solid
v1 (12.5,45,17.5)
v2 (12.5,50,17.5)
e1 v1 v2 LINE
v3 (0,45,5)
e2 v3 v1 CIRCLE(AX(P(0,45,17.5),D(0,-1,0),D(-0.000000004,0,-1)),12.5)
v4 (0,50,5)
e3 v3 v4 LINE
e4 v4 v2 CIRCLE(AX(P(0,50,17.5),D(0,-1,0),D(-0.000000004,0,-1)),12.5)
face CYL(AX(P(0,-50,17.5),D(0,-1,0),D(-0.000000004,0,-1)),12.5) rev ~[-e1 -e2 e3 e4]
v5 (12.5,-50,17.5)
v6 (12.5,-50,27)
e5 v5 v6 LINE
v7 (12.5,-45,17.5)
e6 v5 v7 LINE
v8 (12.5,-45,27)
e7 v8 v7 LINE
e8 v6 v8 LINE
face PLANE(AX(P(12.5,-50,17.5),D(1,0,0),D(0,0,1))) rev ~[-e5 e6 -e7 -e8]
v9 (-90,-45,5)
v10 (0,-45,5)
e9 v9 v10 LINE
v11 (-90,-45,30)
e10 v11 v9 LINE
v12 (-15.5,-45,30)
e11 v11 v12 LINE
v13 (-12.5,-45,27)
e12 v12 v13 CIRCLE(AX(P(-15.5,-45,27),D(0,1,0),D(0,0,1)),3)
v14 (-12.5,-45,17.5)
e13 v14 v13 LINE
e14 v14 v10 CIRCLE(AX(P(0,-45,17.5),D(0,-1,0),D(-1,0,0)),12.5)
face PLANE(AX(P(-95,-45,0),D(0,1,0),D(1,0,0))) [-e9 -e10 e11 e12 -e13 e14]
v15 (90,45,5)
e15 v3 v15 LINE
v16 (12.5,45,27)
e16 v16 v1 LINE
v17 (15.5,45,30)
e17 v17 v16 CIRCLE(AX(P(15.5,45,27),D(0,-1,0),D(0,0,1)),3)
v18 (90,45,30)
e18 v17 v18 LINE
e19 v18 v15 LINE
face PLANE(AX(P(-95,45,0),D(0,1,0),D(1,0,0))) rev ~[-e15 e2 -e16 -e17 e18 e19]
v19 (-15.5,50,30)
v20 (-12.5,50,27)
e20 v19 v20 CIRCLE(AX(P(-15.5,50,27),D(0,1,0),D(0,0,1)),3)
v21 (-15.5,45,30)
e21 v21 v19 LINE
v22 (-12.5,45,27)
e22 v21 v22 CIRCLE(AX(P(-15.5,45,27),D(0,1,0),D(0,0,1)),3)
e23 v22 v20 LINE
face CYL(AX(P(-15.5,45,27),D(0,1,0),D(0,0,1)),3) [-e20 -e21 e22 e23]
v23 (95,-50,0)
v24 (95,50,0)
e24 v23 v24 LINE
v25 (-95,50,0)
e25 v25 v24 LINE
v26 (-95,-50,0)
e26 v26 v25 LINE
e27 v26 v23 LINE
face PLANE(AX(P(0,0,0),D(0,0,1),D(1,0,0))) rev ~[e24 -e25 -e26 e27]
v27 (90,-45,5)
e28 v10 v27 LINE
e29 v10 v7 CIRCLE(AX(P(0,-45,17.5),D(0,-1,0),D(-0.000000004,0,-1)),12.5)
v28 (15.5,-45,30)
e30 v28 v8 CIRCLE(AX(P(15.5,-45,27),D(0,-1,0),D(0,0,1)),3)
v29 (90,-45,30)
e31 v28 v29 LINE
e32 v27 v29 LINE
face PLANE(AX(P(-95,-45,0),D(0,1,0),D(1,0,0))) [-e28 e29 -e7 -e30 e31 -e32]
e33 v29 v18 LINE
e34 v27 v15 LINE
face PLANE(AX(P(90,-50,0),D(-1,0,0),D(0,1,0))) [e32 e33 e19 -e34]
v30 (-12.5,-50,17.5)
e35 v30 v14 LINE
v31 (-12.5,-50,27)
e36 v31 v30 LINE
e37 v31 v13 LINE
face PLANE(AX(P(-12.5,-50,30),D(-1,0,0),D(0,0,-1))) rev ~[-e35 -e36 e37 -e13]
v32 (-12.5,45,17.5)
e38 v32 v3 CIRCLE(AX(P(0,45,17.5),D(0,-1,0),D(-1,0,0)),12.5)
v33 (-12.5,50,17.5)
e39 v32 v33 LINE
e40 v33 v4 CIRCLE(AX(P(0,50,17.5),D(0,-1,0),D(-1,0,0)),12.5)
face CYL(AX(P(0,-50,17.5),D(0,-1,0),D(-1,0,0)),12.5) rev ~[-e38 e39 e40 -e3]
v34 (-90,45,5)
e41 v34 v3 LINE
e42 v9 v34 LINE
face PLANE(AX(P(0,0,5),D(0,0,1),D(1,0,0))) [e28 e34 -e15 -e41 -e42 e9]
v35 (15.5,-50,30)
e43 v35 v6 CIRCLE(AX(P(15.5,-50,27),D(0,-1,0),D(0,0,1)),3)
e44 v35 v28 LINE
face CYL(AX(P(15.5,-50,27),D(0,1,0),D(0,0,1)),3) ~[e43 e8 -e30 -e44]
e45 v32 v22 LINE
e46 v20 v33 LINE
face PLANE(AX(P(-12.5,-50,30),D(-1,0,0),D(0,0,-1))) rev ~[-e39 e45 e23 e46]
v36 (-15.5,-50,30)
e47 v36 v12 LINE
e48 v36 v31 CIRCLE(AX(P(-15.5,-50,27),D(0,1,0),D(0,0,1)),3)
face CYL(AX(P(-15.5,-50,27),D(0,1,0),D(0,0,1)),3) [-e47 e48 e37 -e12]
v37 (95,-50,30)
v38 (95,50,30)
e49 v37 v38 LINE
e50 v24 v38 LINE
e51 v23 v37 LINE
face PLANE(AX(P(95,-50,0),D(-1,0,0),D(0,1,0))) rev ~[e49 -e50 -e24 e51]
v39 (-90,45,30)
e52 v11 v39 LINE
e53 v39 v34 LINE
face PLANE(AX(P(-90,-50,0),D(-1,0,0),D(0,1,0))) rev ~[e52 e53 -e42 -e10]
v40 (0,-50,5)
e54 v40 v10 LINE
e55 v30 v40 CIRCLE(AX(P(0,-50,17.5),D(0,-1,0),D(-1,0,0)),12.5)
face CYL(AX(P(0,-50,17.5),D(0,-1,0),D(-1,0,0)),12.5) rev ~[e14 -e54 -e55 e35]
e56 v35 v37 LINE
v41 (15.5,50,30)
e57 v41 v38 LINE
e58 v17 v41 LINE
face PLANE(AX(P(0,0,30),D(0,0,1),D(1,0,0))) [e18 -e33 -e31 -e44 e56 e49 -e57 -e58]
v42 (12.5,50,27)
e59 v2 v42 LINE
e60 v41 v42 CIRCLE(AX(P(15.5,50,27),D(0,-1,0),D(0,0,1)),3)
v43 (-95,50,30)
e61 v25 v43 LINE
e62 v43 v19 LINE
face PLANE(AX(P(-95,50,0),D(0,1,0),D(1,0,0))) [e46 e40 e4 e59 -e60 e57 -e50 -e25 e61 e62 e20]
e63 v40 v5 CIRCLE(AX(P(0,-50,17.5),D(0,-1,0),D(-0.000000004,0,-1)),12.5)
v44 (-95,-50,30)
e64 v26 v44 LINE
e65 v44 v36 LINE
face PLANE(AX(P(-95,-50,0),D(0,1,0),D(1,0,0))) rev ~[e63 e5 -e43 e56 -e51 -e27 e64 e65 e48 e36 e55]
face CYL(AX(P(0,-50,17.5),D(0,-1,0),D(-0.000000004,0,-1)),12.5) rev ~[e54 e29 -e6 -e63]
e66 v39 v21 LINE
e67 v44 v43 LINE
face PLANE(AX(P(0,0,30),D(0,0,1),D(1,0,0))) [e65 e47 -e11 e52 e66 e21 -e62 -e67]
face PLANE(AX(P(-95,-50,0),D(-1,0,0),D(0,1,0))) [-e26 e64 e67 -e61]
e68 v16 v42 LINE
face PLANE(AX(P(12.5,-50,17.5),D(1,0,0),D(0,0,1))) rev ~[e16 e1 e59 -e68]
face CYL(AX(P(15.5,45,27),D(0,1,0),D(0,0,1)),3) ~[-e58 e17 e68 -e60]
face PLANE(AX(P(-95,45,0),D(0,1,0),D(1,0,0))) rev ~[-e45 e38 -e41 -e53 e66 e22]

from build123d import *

# Parameters (mm, degrees)
F0_W     = 190
F0_H     = 100
F1_DEPTH = 30
F2_T     = -5
F4_DEPTH = 100
F5_R     = 3


with BuildPart() as f1:
    # F0 (on Top) → F1 (new body)
    with BuildSketch(Plane.XY):
        Rectangle(F0_W, F0_H)
    extrude(amount=F1_DEPTH)

    # F2
    f2_openings = [f1.faces().sort_by_distance(p)[0] for p in [
        (0, 0, 30),
    ]]
    offset(amount=F2_T, openings=f2_openings)

    # F3 (on face) → F4 (cut, through all)
    with BuildSketch(Plane.XZ.offset(50)):
        with BuildLine():
            ThreePointArc((-5.1e-08, 5), (8.8388347468, 8.6611652172), (12.5, 17.5))
            Line((12.5, 17.5), (-12.5, 17.5))
            ThreePointArc((-12.5, 17.5), (-8.8388347828, 8.6611652532), (-5.1e-08, 5))
        make_face()
        with BuildLine():
            ThreePointArc((-12.5, 17.5), (-8.8388347699, 26.3388347597), (-1.44e-08, 30))
            Line((-1.44e-08, 30), (-12.5, 30))
            Line((-12.5, 30), (-12.5, 17.5))
        make_face()
        with BuildLine():
            Line((-12.5, 17.5), (12.5, 17.5))
            ThreePointArc((12.5, 17.5), (8.8388347597, 26.3388347699), (-1.44e-08, 30))
            ThreePointArc((-1.44e-08, 30), (-8.8388347699, 26.3388347597), (-12.5, 17.5))
        make_face()
        with BuildLine():
            ThreePointArc((-1.44e-08, 30), (8.8388347597, 26.3388347699), (12.5, 17.5))
            Line((12.5, 17.5), (12.5, 30))
            Line((12.5, 30), (-1.44e-08, 30))
        make_face()
    extrude(amount=-F4_DEPTH, mode=Mode.SUBTRACT)

    # F5
    f5_edges = [f1.edges().sort_by_distance(p)[0] for p in [
        (-12.5, -47.5, 30),
        (12.5, -47.5, 30),
        (-12.5, 47.5, 30),
        (12.5, 47.5, 30),
    ]]
    fillet(f5_edges, radius=F5_R)


solid = f1.part
